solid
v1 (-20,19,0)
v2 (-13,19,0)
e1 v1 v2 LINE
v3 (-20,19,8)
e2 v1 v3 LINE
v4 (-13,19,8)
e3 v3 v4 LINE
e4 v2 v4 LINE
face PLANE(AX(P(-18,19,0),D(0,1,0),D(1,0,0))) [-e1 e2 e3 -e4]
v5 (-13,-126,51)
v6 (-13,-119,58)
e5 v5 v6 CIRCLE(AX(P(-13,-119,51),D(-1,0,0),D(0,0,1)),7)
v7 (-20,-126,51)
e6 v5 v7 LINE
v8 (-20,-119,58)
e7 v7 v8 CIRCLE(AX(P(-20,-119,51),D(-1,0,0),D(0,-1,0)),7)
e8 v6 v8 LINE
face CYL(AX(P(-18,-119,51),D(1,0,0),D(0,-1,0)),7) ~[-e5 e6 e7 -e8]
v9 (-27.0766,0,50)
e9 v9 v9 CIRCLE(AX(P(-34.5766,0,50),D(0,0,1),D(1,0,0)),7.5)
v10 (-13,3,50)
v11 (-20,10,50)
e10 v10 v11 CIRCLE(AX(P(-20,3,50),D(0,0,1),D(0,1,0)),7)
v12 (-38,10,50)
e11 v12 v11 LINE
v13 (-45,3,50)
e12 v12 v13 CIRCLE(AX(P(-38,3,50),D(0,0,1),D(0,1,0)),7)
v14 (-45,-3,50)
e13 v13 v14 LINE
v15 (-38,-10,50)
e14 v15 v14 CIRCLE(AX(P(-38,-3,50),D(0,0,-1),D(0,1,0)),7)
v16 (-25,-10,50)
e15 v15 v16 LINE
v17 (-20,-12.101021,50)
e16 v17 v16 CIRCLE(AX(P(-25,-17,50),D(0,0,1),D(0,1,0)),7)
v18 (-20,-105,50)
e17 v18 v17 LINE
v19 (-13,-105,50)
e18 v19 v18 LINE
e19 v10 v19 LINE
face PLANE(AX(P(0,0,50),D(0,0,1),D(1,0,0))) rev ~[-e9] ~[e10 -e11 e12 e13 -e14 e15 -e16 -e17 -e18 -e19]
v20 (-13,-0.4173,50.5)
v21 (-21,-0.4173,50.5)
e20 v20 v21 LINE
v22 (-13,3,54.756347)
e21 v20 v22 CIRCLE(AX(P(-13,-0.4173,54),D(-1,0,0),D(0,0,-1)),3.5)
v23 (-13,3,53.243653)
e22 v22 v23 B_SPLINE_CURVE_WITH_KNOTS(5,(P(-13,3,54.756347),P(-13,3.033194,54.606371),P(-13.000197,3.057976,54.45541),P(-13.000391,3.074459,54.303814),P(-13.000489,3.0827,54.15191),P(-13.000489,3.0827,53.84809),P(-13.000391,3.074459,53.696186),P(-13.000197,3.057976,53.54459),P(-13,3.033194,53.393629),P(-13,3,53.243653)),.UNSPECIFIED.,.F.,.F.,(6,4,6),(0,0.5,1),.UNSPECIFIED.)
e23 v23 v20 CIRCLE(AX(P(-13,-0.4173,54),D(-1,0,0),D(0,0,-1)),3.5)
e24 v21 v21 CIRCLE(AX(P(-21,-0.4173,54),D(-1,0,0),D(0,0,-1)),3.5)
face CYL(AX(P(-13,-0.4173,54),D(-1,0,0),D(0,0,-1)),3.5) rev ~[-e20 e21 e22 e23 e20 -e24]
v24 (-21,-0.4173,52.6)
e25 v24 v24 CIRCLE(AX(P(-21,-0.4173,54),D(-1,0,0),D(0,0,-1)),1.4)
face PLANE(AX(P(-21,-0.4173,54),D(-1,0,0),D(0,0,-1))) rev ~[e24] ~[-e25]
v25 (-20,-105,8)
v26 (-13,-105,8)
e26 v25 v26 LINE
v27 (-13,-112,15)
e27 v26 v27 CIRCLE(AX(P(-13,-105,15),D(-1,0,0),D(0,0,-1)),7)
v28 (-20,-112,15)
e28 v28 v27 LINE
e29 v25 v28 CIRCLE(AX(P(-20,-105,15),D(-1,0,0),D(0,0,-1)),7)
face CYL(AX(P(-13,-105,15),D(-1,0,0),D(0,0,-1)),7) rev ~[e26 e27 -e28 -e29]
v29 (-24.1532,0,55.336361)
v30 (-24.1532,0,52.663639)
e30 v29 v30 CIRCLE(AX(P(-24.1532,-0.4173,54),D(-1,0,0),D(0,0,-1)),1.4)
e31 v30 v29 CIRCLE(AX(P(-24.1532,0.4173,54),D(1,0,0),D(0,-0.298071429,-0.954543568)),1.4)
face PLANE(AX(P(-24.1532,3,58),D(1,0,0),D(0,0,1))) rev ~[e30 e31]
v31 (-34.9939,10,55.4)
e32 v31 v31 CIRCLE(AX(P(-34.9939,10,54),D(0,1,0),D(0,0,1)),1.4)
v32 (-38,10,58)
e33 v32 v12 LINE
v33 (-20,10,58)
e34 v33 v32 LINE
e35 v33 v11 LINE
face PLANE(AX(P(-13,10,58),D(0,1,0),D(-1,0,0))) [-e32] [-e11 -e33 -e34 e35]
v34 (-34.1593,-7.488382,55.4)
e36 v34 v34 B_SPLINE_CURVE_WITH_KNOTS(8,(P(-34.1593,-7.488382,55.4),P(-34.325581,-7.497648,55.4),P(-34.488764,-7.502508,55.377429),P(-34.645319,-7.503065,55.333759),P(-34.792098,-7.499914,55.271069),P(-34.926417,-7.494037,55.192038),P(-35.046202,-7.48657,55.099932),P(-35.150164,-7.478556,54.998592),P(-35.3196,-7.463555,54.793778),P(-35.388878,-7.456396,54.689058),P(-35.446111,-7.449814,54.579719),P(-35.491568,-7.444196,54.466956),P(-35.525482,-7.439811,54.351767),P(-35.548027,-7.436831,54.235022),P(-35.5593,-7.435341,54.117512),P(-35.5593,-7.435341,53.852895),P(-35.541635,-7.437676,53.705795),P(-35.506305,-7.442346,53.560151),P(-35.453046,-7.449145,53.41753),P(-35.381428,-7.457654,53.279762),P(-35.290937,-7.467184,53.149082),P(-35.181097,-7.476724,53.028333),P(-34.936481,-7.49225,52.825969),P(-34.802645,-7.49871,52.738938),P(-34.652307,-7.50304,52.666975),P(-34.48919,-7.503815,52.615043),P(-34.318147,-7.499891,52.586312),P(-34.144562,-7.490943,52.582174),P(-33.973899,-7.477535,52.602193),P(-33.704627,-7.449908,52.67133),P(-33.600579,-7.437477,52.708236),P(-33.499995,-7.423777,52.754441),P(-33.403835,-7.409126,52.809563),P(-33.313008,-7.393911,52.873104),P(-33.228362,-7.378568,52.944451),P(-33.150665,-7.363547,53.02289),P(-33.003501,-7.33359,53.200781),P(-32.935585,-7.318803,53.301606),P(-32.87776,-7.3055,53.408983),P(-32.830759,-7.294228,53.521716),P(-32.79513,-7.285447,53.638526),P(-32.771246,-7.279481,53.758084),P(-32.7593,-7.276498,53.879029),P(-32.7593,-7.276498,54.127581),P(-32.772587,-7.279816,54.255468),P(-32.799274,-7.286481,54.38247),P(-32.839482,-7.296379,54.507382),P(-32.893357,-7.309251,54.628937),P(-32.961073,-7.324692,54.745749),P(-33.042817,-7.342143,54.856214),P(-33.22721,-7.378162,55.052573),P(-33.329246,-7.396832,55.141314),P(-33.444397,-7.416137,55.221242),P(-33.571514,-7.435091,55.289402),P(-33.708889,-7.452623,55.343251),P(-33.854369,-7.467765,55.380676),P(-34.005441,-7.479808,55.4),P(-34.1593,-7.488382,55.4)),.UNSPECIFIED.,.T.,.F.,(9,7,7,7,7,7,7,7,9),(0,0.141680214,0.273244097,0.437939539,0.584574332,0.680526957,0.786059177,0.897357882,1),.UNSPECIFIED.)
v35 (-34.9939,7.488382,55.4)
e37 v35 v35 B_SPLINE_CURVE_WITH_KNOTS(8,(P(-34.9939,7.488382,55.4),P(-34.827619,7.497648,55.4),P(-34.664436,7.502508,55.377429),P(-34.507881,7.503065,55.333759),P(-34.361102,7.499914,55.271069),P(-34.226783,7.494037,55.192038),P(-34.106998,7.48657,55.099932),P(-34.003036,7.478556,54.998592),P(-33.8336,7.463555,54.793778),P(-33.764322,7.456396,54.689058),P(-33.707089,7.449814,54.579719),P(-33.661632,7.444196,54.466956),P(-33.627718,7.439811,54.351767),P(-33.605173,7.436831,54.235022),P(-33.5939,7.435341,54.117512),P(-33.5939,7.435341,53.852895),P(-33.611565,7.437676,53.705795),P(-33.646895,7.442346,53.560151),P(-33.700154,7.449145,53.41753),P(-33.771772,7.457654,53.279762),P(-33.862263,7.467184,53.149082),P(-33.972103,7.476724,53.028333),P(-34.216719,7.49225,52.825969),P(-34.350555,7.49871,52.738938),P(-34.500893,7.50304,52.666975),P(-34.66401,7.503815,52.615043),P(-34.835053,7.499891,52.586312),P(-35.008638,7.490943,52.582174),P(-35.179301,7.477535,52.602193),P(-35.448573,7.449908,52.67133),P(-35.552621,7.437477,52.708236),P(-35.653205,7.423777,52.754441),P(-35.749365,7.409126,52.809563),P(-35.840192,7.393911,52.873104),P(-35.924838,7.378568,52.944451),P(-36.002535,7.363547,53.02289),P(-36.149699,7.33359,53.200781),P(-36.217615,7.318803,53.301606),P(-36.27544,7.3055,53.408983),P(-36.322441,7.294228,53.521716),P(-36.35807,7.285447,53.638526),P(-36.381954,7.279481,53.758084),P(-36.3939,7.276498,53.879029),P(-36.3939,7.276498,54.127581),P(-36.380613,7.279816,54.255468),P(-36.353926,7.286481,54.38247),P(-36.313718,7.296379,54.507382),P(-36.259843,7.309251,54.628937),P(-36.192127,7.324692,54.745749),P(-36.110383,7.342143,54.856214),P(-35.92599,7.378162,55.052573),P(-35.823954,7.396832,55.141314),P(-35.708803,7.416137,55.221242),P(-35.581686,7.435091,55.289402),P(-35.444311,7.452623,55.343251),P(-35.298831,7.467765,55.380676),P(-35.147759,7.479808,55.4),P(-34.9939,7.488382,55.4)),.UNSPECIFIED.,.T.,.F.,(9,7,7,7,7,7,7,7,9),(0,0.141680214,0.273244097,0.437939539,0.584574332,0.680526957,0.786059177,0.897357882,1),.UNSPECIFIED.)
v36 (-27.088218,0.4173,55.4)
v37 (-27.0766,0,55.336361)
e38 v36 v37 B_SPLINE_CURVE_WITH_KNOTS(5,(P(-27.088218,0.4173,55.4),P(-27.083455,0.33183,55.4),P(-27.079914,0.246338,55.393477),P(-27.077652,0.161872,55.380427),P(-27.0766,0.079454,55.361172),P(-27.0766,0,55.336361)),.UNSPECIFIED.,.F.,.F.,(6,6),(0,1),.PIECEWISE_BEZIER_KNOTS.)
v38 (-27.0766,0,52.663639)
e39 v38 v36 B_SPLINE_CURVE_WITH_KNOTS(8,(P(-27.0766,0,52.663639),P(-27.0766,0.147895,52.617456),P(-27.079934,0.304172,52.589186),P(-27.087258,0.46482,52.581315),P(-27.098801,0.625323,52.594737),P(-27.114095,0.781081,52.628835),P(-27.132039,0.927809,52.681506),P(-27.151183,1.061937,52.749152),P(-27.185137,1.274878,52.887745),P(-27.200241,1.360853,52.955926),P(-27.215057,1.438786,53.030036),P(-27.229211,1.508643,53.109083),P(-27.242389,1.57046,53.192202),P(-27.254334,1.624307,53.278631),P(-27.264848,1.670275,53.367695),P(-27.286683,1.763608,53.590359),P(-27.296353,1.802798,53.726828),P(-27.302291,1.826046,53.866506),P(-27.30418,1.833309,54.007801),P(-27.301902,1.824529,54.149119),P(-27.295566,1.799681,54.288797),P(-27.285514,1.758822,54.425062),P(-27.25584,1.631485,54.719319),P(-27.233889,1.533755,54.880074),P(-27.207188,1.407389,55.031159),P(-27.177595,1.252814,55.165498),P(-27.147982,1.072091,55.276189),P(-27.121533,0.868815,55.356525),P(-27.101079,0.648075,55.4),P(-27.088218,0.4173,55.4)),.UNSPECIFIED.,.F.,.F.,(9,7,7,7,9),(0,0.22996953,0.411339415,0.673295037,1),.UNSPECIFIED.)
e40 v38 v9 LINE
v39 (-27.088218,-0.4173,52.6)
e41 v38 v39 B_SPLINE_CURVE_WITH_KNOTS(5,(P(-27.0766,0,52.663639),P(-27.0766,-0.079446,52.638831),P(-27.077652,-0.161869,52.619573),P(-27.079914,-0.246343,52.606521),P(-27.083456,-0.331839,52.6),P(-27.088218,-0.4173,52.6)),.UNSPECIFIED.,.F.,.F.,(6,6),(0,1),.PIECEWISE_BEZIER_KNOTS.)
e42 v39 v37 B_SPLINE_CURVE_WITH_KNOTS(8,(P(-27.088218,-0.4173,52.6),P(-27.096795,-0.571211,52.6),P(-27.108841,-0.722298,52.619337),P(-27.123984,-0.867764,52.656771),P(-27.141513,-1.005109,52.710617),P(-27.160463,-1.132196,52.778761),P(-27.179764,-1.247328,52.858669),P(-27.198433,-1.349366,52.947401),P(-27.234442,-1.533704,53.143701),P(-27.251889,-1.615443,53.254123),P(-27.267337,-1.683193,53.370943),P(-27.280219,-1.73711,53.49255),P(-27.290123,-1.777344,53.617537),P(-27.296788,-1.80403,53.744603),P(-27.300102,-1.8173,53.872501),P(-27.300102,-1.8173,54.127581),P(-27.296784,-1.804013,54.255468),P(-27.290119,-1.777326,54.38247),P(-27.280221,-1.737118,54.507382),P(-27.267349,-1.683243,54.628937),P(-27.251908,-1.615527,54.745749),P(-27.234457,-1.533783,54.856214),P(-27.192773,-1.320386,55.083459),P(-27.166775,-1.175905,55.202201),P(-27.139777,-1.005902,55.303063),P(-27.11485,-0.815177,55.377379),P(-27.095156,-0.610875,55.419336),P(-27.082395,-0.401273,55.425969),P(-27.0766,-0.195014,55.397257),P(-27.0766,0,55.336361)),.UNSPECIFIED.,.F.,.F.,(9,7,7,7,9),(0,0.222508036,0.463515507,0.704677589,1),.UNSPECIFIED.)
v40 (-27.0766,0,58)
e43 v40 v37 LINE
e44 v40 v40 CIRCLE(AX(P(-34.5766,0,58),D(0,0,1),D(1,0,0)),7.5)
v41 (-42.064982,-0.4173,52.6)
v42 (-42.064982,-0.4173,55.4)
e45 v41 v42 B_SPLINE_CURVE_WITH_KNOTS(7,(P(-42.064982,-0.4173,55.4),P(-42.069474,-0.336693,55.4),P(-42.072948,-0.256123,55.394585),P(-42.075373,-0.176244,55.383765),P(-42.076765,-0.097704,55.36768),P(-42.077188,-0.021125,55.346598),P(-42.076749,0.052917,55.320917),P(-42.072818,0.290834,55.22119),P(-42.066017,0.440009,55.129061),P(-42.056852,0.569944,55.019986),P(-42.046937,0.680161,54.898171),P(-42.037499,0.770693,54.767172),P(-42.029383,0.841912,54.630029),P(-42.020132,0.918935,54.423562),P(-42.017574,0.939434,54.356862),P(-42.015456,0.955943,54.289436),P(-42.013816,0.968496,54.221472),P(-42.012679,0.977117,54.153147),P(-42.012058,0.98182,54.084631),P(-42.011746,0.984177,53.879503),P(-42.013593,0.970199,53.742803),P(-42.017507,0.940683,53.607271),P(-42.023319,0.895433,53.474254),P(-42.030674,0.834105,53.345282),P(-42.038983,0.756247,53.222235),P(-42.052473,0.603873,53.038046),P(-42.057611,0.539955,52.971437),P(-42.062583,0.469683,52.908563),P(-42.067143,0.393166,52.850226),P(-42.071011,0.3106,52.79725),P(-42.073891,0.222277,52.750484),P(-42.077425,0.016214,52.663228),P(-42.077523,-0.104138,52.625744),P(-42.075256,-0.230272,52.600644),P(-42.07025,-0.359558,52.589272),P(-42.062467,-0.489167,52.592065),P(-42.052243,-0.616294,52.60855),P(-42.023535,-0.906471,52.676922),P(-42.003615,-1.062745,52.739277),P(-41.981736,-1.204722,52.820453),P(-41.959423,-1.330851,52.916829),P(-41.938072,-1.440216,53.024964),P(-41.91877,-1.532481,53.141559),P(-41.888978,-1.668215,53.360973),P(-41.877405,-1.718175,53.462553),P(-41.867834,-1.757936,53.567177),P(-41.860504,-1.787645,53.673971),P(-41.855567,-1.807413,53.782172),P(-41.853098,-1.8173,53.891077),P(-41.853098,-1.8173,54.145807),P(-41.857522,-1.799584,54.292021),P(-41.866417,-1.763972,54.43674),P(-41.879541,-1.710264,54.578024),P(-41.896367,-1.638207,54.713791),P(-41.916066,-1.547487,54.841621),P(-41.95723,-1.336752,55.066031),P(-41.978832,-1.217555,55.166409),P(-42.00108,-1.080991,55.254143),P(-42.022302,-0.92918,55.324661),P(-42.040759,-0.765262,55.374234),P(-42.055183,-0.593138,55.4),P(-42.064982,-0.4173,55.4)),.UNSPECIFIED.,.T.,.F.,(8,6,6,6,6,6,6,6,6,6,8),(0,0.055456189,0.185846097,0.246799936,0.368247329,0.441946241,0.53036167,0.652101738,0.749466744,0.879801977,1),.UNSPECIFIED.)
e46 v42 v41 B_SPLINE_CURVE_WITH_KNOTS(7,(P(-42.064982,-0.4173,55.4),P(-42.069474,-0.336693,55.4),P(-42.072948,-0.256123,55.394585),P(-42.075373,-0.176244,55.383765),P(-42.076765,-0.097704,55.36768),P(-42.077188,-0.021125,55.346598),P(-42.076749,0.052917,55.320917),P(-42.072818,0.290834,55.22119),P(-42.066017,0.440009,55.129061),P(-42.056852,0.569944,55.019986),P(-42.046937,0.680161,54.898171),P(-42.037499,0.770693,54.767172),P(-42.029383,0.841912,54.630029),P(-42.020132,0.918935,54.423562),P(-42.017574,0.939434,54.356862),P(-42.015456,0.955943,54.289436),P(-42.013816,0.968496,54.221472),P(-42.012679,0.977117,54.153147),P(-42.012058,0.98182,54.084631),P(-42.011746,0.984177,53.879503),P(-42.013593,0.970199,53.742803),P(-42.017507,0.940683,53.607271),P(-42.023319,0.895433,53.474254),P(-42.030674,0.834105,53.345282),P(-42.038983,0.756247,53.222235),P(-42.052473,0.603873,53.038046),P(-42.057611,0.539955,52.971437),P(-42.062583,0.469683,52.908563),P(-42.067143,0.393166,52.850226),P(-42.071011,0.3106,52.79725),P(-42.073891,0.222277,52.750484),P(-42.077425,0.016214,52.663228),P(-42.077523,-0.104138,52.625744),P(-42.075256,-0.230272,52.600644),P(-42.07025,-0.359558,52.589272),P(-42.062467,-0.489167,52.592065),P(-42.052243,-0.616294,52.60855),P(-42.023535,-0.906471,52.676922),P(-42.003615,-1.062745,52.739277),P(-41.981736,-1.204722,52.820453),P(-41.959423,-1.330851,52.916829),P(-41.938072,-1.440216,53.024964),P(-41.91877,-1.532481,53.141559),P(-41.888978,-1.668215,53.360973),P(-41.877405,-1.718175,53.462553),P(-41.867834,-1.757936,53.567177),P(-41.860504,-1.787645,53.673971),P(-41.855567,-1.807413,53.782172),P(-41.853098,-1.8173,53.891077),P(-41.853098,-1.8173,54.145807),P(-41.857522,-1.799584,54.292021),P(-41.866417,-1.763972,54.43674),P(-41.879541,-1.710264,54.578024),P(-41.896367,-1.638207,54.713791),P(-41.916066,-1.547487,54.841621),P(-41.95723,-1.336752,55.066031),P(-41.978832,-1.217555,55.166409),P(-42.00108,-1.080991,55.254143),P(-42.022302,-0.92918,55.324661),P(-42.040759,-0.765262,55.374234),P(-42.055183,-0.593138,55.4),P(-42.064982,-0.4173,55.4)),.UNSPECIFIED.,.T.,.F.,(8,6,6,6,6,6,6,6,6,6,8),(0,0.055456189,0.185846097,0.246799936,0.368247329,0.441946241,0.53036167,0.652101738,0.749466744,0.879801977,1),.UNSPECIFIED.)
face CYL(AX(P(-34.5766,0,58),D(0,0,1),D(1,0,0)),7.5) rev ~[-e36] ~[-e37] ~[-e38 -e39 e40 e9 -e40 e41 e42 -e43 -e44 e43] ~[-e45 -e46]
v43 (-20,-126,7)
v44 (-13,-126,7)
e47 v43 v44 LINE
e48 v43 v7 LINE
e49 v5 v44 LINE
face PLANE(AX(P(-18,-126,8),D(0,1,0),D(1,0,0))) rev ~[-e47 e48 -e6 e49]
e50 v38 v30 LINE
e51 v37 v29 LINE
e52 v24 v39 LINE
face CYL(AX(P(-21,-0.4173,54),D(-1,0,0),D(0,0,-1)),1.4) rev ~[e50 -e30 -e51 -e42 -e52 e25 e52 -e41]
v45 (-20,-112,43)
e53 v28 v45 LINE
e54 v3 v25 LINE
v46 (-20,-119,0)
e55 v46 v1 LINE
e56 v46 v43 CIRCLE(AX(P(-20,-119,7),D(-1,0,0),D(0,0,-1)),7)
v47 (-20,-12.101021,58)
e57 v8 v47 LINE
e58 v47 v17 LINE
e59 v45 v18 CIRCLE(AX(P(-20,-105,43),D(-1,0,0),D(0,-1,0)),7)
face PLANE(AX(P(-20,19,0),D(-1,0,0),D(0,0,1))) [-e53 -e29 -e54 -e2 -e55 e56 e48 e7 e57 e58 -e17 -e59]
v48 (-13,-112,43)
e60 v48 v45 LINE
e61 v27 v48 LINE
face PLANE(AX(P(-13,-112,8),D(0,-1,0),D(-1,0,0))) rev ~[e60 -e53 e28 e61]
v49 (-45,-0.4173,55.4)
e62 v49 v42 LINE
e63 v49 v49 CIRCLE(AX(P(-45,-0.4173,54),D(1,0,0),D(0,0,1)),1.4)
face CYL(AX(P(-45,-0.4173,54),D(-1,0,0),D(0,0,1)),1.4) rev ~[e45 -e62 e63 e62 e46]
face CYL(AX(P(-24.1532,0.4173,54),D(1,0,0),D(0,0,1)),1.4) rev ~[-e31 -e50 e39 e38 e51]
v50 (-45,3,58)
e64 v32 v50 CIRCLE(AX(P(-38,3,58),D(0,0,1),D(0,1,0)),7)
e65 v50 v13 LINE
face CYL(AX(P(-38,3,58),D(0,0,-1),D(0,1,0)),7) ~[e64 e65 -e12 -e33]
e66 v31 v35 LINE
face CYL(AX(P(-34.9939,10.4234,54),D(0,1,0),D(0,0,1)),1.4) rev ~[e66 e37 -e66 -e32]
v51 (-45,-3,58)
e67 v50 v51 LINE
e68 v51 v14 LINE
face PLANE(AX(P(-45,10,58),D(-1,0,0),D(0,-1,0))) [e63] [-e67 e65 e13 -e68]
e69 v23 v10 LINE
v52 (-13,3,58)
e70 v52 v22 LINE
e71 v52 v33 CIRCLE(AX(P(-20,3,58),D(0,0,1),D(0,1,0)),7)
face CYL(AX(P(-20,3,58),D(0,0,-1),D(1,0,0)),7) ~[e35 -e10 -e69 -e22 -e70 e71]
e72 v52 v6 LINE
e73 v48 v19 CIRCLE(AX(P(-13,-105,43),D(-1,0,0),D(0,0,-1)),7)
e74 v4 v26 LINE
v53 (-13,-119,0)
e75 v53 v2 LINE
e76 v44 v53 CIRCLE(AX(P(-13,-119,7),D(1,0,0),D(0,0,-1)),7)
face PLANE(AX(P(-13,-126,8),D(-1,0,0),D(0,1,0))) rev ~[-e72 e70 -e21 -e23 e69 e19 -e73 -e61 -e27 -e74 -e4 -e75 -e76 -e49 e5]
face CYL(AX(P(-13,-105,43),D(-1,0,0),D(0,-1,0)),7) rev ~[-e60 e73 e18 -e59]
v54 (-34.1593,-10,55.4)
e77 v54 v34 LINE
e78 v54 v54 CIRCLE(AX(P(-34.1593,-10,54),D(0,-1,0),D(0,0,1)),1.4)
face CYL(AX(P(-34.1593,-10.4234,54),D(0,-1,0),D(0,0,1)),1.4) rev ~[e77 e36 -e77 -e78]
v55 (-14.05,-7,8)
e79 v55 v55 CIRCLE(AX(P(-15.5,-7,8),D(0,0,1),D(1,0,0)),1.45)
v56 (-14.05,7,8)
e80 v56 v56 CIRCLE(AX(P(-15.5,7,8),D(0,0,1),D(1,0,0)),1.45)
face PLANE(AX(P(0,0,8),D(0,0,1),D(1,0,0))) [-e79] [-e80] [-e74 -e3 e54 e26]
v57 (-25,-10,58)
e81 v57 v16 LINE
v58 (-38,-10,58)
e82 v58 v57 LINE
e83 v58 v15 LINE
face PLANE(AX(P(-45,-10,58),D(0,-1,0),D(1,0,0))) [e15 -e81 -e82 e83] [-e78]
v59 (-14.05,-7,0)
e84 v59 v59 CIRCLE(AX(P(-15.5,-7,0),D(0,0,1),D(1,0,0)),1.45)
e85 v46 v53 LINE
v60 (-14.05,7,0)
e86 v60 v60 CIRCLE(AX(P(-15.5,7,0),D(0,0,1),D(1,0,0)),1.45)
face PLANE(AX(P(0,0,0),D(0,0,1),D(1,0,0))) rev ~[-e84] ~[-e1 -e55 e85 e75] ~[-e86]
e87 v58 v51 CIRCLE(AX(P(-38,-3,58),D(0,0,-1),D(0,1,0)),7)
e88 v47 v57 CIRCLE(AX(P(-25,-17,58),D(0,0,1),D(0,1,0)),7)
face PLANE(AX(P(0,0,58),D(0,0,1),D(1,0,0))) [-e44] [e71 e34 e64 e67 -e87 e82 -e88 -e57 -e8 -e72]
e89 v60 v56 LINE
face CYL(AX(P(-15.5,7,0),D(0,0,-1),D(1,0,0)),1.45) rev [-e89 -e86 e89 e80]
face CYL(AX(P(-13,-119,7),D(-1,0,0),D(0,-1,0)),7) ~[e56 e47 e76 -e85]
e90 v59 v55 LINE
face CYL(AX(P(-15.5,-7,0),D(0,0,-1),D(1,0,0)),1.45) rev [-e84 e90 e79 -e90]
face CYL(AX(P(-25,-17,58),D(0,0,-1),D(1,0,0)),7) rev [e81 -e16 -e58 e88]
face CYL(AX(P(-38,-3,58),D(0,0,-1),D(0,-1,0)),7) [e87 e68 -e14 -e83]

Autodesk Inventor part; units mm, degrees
ref_plane "YZ Plane" through (0, 0, 0) normal (1, 0, 0) x (0, 1, 0)
ref_plane "XZ Plane" through (0, 0, 0) normal (0, 1, 0) x (-1, 0, 0)
ref_plane "XY Plane" through (0, 0, 0) normal (0, 0, 1) x (1, 0, 0)
ref_plane "Work Plane1" through (0, 0, 0) normal (0, 0, 1) x (1, 0, 0)
sketch "Sketch1" plane through (0, 0, 0) normal (0, 0, 1) x (1, 0, 0)
  circle A0 centre (-15.5, 7) radius 1.45 projected
  circle A1 centre (-15.5, -7) radius 1.45 projected
  line L0 (63, 19) -> (63, -19) projected
  circle A2 centre (56, -16.5) radius 1.45 projected
  circle A3 centre (60.5, 16.5) radius 1.45 projected
  circle A4 centre (-15.5, 7) radius 1.45 projected
  circle A5 centre (-15.5, -7) radius 1.45 projected
  circle A6 centre (60.5, -16.5) radius 1.45 projected
  circle A7 centre (56, 16.5) radius 1.45 projected
  circle A8 centre (10, 10) radius 1.75 projected
  circle A9 centre (-10, -10) radius 1.75 projected
  circle A10 centre (10, -10) radius 1.75 projected
  line L1 (31.25, -14.25) -> (31.25, 14.25) projected
  line L2 (31.25, 14.25) -> (59.75, 14.25) projected
  line L3 (59.75, 14.25) -> (59.75, -14.25) projected
  line L4 (59.75, -14.25) -> (31.25, -14.25) projected
  circle A11 centre (-10, 10) radius 1.75 projected
  line L5 (-18, 19) -> (63, 19) projected
  line L6 (-18, -19) -> (-18, 19) projected
  line L7 (63, -19) -> (-18, -19) projected
  line L8 (63, 19) -> (63, -19) projected
  line L9 (-18, 19) -> (-13, 19)
  line L10 (-13, 19) -> (-13, -126)
  line L11 (-13, -126) -> (-18, -126)
  line L12 (-18, -126) -> (-18, 19)
  point P0 (0, 0)
  dimension "d0" = 5
  dimension "d1" = 145
extrude "Extrusion1" add sketch "Sketch1" along normal blind 8 contours L10 L7 L6 L5 | L10 L11 L12 L7
sketch "Sketch2" plane through (0, 0, 8) normal (0, 0, 1) x (1, 0, 0)
  circle A0 centre (-15.5, -7) radius 1.45 projected
  circle A1 centre (-15.5, 7) radius 1.45 projected
  line L0 (-13, 19) -> (-18, 19) projected
  line L1 (-18, 19) -> (-18, -126) projected
  line L2 (-18, -126) -> (-13, -126) projected
  line L3 (-13, -126) -> (-13, 19) projected
  line L4 (-18, 19) -> (-18, -126) projected
  line L5 (-13, -126) -> (-13, 19) projected
  line L6 (-18, -126) -> (-13, -126)
  line L7 (-13, -126) -> (-13, -112)
  line L8 (-13, -112) -> (-18, -112)
  line L9 (-18, -112) -> (-18, -126)
  point P0 (0, 0)
  dimension "d4" = 14
extrude "Extrusion2" add sketch "Sketch2" along normal blind 50 contours L3 L2 L1 L8
sketch "Sketch3" plane through (0, 0, 58) normal (0, 0, 1) x (1, 0, 0)
  circle A0 centre (-34.5766, 0) radius 2.4142 projected
  line L0 (-18, -126) -> (-13, -126) projected
  line L1 (-13, -126) -> (-13, -112) projected
  line L2 (-13, -112) -> (-18, -112) projected
  line L3 (-18, -112) -> (-18, -126) projected
  line L4 (-13, 19) -> (-13, -126) projected
  line L5 (-18, -112) -> (-13, -112)
  line L6 (-13, -112) -> (-13, 10)
  line L7 (-13, 10) -> (-18, 10)
  line L8 (-18, 10) -> (-18, -112)
  line L9 (-18, 10) -> (-45, 10)
  line L10 (-45, 10) -> (-45, -10)
  line L11 (-45, -10) -> (-18, -10)
  line L12 (-18, -10) -> (-18, 10)
  circle A1 centre (-34.5766, 0) radius 2.5
  circle A2 centre (-34.5766, 0) radius 7.5
  point P0 (0, 0)
  dimension "d7" = 122
  dimension "d8" = 27
  dimension "d9" = 20
  dimension "d10" = 5
  dimension "d16" = 15
extrude "Extrusion3" add sketch "Sketch3" against normal blind 8 contours L3 L2 L1 L0 | L8 L7 L4 L2 | L11 L10 L9 L8
fillet "Fillet1" radius 7 8 edges at (-15.5, -112, 50) (-15.5, -112, 8) (-15.5, -126, 58) (-15.5, -126, 0) (-18, -10, 54) (-13, 10, 54) (-45, 10, 54) (-45, -10, 54)
sketch "Sketch4" plane through (-18, 19, 0) normal (-1, 0, 0) x (0, 0, 1)
  line L0 (50, -36) -> (58, -36) projected
  line L1 (50, -124) -> (50, -36) projected
  arc A0 (43, -131) -> (50, -124) centre (43, -124) ccw projected
  line L2 (15, -131) -> (43, -131) projected
  arc A1 (8, -124) -> (15, -131) centre (15, -124) ccw projected
  line L3 (8, 0) -> (8, -124) projected
  line L4 (0, 0) -> (8, 0) projected
  line L5 (0, -138) -> (0, 0) projected
  arc A2 (0, -138) -> (7, -145) centre (7, -138) ccw projected
  line L6 (7, -145) -> (51, -145) projected
  arc A3 (51, -145) -> (58, -138) centre (51, -138) ccw projected
  line L7 (58, -138) -> (58, -36) projected
  line L8 (50, -29) -> (50, -36) projected
  line L9 (50, -36) -> (58, -36) projected
  line L10 (58, -36) -> (58, -29) projected
  line L11 (58, -29) -> (50, -29) projected
  point P0 (0, -19)
extrude "Extrusion4" add sketch "Sketch4" along normal blind 2
sketch "Sketch5" plane through (-45, -3, 58) normal (-1, 0, 0) x (0, 0, 1)
  line L0 (0, 0) -> (-8, 0) projected
  line L1 (0, 6) -> (0, 0) projected
  line L2 (-8, 6) -> (0, 6) projected
  line L3 (-8, 0) -> (-8, 6) projected
  circle A0 centre (-4, 2.5827) radius 1.4
  point P0 (-58, 3)
  dimension "d17" = 2.8
extrude "Extrusion5" cut sketch "Sketch5" against normal blind 10 contours A0
pattern_circular "Circular Pattern1" count 4 over 360 about axis through (-34.5766, 0, 58) along (0, 0, -1) of "Extrusion5"
sketch "Sketch6" plane through (-13, 19, 8) normal (1, 0, 0) x (0, 0, -1)
  circle A0 centre (-46, -19.4173) radius 1.4 projected
  point P0 (8, -19)
  point P1 (-46, -20.8173)
hole "Hole1" at (-13, -0.4173, 54) direction (-1, 0, 0) diameter 2.8 end through all counterbore diameter 7 counterbore depth 8
properties part number "06_Fluorescence_Arm"
